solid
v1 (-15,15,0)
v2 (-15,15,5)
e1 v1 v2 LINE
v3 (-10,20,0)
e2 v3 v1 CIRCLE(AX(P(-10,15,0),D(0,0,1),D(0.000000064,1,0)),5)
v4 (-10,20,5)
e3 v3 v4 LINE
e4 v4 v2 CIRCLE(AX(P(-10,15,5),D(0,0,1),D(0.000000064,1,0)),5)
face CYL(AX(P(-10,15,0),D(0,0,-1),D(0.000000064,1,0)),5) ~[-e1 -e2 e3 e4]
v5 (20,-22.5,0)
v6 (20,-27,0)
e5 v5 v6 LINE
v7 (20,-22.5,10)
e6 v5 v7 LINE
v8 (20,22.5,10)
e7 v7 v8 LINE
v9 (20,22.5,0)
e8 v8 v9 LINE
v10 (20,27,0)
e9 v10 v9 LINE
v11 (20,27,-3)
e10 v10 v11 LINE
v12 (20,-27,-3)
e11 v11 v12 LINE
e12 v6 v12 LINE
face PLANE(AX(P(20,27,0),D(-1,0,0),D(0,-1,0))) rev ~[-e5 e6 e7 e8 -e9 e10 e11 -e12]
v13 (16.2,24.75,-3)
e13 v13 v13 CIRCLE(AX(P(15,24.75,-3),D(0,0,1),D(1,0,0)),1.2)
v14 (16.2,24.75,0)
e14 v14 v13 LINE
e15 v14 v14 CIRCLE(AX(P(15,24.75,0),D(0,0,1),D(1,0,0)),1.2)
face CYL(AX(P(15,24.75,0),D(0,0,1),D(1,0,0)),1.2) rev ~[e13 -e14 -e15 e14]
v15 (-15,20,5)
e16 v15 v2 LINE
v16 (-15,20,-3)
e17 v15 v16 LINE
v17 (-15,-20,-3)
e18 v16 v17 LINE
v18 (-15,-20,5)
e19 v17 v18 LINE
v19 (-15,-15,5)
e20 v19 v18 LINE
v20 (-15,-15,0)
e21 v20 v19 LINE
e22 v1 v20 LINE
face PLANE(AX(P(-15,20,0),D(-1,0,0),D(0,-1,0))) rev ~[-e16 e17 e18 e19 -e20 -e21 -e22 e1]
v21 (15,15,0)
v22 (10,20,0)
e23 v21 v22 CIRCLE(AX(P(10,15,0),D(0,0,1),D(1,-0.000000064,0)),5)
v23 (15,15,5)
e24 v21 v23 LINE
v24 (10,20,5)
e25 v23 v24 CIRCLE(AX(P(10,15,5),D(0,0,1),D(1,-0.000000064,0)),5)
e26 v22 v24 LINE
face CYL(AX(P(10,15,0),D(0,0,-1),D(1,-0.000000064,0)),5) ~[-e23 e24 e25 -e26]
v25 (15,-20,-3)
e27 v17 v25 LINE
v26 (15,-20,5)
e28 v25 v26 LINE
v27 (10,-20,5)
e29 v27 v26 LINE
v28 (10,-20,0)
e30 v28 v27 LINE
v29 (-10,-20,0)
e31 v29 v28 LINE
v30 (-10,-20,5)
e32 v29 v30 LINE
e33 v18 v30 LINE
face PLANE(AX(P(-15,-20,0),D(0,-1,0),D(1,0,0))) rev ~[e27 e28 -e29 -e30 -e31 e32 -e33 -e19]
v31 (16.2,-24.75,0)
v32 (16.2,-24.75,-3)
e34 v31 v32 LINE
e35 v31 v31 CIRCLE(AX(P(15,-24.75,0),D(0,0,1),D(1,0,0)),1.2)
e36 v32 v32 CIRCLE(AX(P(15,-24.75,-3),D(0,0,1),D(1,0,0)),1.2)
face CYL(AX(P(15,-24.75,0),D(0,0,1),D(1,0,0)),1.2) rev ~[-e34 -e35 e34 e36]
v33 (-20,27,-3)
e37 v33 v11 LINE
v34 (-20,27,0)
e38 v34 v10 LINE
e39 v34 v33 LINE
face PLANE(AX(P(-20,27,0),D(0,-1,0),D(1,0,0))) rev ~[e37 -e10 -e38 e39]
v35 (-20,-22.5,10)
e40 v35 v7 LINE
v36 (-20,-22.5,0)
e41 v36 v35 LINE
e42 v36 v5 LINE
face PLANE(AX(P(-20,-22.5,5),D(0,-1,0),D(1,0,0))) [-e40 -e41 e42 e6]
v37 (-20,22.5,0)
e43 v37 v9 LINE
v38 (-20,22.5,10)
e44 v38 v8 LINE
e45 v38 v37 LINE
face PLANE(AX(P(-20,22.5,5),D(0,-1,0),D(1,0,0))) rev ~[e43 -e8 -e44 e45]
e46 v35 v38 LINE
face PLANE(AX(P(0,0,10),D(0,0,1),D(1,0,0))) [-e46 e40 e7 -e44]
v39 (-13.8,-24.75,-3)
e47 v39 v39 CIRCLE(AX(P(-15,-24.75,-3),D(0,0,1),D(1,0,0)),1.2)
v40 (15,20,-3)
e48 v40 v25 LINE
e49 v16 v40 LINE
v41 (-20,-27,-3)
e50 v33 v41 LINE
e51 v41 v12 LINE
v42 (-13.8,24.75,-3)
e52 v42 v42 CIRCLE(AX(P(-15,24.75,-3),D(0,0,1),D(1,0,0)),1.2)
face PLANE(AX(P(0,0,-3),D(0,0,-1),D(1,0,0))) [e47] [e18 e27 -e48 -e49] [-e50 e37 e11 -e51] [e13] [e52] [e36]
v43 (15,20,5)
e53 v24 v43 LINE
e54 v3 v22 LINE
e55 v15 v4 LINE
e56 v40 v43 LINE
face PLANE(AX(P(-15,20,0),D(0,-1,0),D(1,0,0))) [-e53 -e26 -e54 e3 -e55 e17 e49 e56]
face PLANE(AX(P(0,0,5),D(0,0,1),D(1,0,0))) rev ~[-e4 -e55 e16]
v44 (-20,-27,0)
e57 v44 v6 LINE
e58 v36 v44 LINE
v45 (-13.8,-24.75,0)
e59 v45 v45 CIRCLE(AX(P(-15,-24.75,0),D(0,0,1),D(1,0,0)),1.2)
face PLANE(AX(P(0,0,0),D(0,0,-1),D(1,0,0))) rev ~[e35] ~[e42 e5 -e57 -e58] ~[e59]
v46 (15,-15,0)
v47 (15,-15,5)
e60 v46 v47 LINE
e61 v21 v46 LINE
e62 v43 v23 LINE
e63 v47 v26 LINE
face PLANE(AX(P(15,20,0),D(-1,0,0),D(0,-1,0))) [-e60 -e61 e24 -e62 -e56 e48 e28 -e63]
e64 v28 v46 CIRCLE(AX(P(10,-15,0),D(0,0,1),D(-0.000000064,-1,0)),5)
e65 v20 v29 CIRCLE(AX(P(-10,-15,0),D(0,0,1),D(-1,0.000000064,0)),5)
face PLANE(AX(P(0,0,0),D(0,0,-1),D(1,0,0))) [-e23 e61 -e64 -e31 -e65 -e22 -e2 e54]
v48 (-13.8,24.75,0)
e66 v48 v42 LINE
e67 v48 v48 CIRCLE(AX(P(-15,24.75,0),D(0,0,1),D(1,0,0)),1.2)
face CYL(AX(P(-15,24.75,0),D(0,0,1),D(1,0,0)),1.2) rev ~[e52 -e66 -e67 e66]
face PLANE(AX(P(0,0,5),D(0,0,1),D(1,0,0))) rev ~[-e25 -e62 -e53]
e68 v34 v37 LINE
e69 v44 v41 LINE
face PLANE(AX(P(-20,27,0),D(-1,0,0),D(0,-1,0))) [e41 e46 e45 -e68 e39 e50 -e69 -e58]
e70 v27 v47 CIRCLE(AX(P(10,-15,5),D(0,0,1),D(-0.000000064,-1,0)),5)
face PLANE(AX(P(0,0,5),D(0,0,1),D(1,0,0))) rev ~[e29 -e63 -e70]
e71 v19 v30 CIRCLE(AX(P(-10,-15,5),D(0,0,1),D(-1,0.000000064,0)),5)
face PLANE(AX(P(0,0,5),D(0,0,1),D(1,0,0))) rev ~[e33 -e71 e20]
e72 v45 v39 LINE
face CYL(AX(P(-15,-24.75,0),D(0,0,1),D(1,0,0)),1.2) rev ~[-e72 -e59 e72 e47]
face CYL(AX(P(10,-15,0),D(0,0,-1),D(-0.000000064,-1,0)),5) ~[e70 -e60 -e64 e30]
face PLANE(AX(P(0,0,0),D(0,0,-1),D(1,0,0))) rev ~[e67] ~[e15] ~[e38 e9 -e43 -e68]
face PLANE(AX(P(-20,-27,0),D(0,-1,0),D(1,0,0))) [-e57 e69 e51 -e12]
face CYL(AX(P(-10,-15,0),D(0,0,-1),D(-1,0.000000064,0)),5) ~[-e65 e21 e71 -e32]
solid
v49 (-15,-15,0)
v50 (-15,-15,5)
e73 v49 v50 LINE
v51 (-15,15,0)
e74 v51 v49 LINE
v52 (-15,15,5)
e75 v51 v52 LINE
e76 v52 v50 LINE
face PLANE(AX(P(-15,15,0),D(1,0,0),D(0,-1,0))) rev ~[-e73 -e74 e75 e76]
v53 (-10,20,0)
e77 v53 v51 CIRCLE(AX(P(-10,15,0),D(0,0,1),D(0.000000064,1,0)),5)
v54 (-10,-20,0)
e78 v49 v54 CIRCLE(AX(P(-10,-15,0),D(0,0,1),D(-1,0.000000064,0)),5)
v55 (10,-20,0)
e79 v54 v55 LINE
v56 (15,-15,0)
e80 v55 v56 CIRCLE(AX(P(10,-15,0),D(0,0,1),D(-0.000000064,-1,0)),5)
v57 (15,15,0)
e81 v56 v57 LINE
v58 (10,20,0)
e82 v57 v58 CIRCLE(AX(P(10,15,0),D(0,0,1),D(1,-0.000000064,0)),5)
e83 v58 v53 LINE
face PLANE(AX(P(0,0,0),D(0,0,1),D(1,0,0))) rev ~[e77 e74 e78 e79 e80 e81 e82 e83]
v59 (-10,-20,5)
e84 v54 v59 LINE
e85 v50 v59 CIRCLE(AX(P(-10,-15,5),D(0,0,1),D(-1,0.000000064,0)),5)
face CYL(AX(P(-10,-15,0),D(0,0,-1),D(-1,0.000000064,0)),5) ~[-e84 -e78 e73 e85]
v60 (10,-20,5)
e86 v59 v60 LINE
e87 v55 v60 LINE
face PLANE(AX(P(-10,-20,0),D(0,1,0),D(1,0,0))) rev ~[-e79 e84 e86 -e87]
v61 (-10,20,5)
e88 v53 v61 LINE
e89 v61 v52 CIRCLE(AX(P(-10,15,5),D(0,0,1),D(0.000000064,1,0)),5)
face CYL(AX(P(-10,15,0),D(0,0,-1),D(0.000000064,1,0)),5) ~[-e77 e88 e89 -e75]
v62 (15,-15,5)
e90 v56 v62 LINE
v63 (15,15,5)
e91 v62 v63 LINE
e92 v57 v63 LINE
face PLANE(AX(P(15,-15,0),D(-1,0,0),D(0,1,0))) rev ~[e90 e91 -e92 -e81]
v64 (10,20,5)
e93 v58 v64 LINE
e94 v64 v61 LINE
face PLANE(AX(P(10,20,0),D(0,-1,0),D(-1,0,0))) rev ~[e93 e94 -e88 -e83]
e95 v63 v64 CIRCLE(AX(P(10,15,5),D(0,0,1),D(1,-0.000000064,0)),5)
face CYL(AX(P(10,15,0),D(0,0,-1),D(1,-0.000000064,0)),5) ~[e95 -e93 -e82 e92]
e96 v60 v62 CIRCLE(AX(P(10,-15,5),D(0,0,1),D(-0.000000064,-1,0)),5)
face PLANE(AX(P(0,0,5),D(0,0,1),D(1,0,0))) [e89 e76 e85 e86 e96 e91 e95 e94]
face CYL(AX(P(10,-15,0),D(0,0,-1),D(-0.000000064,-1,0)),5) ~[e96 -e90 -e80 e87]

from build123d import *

# Parameters (mm, degrees)
PAD_DEPTH     = 5
PAD004_DEPTH  = 5
SKETCH007_W   = 40
SKETCH007_H   = 45
PAD005_DEPTH  = 5
SKETCH008_W   = 40
SKETCH008_H   = 45
SKETCH008_W_2 = 30
SKETCH008_H_2 = 40
PAD006_DEPTH  = 5
SKETCH009_W   = 40
SKETCH009_H   = 54
SKETCH009_W_2 = 30
SKETCH009_H_2 = 40
PAD007_DEPTH  = 3
SKETCH010_R   = 1.2
HOLE001_DEPTH = 25


with BuildPart() as cuerpo:
    # Sketch → Pad (new body)
    with BuildSketch(Plane.XY):
        with BuildLine():
            Line((15, -15), (15, 15))
            ThreePointArc((15, 15), (13.535534, 18.535534), (10, 20))
            Line((10, 20), (-10, 20))
            ThreePointArc((-10, 20), (-13.535534, 18.535534), (-15, 15))
            Line((-15, 15), (-15, -15))
            ThreePointArc((-15, -15), (-13.535534, -18.535534), (-10, -20))
            Line((-10, -20), (10, -20))
            ThreePointArc((10, -20), (13.535534, -18.535534), (15, -15))
        make_face()
    extrude(amount=PAD_DEPTH)


with BuildPart() as cuerpo002:
    # Sketch006 → Pad004 (new body)
    with BuildSketch(Plane.XY):
        with BuildLine():
            Line((15, -15), (15, 15))
            ThreePointArc((15, 15), (13.535534, 18.535534), (10, 20))
            Line((10, 20), (-10, 20))
            ThreePointArc((-10, 20), (-13.535534, 18.535534), (-15, 15))
            Line((-15, 15), (-15, -15))
            ThreePointArc((-15, -15), (-13.535534, -18.535534), (-10, -20))
            Line((-10, -20), (10, -20))
            ThreePointArc((10, -20), (13.535534, -18.535534), (15, -15))
        make_face()
    extrude(amount=PAD004_DEPTH)

    # Sketch007 (on Face10 of Pad004) → Pad005 (join)
    with BuildSketch(Plane.XY.offset(5)):
        Rectangle(SKETCH007_W, SKETCH007_H)
    extrude(amount=PAD005_DEPTH)

    # Sketch008 (on Face4 of Pad005) → Pad006 (join)
    with BuildSketch(Plane(origin=(0, 0, 5), x_dir=(1, 0, 0), z_dir=(0, 0, -1))):
        Rectangle(SKETCH008_W, SKETCH008_H)
        Rectangle(SKETCH008_W_2, SKETCH008_H_2, mode=Mode.SUBTRACT)
    extrude(amount=PAD006_DEPTH)

    # Sketch009 (on Face9 of Pad006) → Pad007 (join)
    with BuildSketch(Plane(origin=(0, 0, 0), x_dir=(1, 0, 0), z_dir=(0, 0, -1))):
        Rectangle(SKETCH009_W, SKETCH009_H)
        Rectangle(SKETCH009_W_2, SKETCH009_H_2, mode=Mode.SUBTRACT)
    extrude(amount=PAD007_DEPTH)

    # Sketch010 (on Face11 of Pad007) → Hole001 (cut)
    with BuildSketch(Plane.XY):
        with Locations((-15, -24.75)):
            Circle(SKETCH010_R)
        with Locations((15, -24.75)):
            Circle(SKETCH010_R)
        with Locations((15, 24.75)):
            Circle(SKETCH010_R)
        with Locations((-15, 24.75)):
            Circle(SKETCH010_R)
    extrude(amount=-HOLE001_DEPTH, mode=Mode.SUBTRACT)


solid = Compound([cuerpo.part, cuerpo002.part])
